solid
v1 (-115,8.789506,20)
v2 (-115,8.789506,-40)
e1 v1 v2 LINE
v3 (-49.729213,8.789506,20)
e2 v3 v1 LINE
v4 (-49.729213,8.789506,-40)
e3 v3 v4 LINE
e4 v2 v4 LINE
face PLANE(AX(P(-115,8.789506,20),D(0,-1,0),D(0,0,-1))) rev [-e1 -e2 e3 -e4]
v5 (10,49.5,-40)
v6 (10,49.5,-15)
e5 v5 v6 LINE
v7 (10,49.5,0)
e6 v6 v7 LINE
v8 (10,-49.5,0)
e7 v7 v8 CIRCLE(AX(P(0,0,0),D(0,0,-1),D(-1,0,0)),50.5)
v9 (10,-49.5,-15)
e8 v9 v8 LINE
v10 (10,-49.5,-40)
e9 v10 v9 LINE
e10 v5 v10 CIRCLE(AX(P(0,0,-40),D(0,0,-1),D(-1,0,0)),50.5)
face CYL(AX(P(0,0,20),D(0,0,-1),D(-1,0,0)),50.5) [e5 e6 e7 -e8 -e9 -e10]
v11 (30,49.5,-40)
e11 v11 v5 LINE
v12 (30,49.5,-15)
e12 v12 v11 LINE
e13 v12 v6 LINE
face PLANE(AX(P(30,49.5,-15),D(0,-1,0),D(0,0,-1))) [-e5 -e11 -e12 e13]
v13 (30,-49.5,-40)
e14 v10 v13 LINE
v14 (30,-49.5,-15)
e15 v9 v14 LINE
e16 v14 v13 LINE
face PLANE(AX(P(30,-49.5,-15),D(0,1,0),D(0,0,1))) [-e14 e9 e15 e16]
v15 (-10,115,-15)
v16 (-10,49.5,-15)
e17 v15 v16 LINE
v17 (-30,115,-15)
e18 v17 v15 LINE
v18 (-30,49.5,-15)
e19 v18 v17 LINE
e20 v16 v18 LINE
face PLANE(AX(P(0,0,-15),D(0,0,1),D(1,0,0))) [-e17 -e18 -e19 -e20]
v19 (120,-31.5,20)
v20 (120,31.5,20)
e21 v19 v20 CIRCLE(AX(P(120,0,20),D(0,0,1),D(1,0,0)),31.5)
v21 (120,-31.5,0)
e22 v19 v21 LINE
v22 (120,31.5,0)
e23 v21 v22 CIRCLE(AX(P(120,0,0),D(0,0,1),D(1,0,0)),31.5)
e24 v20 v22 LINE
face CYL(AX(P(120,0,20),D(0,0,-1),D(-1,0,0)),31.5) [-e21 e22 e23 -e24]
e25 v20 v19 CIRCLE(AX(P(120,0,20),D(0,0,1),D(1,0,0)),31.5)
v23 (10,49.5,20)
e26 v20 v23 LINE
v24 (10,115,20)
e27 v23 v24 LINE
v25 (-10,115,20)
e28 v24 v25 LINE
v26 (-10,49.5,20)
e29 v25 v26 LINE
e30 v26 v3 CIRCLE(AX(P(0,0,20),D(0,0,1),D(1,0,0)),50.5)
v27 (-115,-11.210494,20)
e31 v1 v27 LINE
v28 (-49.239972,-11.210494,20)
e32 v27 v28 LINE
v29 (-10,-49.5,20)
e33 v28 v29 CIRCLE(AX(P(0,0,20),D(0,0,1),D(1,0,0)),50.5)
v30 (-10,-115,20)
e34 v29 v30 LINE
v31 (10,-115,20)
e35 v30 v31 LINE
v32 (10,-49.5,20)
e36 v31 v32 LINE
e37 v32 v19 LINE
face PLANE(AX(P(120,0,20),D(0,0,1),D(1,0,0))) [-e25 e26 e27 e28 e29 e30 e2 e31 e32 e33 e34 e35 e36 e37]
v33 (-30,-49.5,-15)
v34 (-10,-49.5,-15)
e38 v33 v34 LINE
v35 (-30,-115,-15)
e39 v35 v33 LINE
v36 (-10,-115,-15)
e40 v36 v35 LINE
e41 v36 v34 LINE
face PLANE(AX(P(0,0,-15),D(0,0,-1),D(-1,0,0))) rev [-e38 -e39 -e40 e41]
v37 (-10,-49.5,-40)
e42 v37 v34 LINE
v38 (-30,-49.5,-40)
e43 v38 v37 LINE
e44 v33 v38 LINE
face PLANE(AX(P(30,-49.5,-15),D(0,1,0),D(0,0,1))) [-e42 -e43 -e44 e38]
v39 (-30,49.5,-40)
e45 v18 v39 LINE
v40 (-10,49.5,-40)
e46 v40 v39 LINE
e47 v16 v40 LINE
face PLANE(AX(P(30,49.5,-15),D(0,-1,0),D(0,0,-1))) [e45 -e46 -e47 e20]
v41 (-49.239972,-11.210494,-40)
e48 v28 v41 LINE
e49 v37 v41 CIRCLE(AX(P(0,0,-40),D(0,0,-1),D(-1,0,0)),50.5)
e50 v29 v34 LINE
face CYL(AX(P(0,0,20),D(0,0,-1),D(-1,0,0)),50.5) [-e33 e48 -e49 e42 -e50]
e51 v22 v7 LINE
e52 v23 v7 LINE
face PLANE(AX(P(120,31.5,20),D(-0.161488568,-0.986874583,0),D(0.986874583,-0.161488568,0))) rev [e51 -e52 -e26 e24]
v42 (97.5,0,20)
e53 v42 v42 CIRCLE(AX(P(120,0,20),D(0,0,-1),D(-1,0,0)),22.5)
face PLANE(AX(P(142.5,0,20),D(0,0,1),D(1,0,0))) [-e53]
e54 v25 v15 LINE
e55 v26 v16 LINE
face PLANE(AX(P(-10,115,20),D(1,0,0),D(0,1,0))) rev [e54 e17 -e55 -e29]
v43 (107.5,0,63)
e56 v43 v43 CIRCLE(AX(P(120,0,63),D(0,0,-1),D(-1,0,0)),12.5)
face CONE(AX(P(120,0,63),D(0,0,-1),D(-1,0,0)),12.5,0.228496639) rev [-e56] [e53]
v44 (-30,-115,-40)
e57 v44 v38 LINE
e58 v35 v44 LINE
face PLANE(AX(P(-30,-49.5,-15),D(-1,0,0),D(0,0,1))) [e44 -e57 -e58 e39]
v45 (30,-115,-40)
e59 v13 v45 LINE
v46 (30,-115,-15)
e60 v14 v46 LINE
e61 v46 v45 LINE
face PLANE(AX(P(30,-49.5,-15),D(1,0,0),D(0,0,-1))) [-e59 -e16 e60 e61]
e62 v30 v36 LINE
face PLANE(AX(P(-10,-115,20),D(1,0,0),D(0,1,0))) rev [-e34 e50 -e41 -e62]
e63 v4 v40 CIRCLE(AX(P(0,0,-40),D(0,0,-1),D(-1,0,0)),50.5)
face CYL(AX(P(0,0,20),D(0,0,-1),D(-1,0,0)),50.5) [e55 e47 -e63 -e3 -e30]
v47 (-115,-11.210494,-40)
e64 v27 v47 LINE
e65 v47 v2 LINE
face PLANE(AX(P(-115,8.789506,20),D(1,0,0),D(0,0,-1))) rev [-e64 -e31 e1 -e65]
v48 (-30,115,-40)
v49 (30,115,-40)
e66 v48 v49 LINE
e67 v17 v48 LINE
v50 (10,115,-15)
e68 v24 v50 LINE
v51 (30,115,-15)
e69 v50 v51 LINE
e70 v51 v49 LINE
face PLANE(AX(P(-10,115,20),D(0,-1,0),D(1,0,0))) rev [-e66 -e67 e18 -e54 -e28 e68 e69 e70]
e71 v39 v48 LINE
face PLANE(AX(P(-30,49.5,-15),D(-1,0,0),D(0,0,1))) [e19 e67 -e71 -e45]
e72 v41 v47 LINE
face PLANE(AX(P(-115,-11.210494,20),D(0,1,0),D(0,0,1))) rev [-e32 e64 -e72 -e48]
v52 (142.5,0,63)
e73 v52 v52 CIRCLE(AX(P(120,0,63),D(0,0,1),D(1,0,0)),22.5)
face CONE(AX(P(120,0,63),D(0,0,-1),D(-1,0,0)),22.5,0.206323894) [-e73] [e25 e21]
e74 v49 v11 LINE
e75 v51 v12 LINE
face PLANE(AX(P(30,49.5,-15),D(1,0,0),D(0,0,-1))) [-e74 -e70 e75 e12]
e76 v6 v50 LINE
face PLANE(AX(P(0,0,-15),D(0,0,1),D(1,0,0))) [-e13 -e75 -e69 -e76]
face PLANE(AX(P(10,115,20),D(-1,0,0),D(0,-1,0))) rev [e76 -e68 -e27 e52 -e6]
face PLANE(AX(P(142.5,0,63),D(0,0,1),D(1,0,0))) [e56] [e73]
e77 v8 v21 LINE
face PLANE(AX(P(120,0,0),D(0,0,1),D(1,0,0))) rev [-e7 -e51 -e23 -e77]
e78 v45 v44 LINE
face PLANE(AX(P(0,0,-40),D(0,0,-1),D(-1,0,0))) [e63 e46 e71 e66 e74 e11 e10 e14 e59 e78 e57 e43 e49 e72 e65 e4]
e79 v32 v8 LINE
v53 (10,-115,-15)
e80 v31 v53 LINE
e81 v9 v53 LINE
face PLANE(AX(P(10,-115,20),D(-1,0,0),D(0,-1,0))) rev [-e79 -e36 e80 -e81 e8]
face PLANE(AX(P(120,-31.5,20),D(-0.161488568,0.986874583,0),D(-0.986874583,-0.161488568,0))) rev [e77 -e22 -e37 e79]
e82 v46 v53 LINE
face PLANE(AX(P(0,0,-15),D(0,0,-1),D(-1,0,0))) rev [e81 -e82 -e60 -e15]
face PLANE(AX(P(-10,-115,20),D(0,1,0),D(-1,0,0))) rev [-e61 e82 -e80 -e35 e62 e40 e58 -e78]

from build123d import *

# Parameters (mm, degrees)
RESSALTO_EXTRUS_O4_DEPTH = 20
RESSALTO_EXTRUS_O5_START = 40
ESBO_O6_R                = 50.5
RESSALTO_EXTRUS_O5_DEPTH = 40
RESSALTO_EXTRUS_O6_START = 40
RESSALTO_EXTRUS_O6_DEPTH = 40
RESSALTO_EXTRUS_O7_START = 40
RESSALTO_EXTRUS_O7_DEPTH = 40
RESSALTO_EXTRUS_O8_START = 40
RESSALTO_EXTRUS_O8_DEPTH = 40
ESBO_O12_W               = 60
ESBO_O12_H               = 65.5
RESSALTO_EXTRUS_O9_DEPTH = 25


with BuildPart() as part:
    # Esboço2 → Ressalto-extrusão4 (new body)
    with BuildSketch(Plane.XY):
        with BuildLine():
            Line((-10, 115), (-10, 49.5))
            ThreePointArc((-10, 49.5), (-36.141814954, 35.270656526), (-49.729212576, 8.789506048))
            Line((-49.729212576, 8.789506048), (-115, 8.789506048))
            Line((-115, 8.789506048), (-115, -11.210493952))
            Line((-115, -11.210493952), (-49.239971825, -11.210493952))
            ThreePointArc((-49.239971825, -11.210493952), (-35.268472235, -36.143946467), (-10, -49.5))
            Line((-10, -49.5), (-10, -115))
            Line((-10, -115), (10, -115))
            Line((10, -115), (10, -49.5))
            Line((10, -49.5), (120, -31.5))
            ThreePointArc((120, -31.5), (151.5, 0), (120, 31.5))
            Line((120, 31.5), (10, 49.5))
            Line((10, 49.5), (10, 115))
            Line((10, 115), (-10, 115))
        make_face()
    extrude(amount=RESSALTO_EXTRUS_O4_DEPTH)

    # Esboço3 → Revolução2 (revolve)
    with BuildSketch(Plane(origin=(0, 0, 0), x_dir=(1, 0, 0), z_dir=(0, 1, 0)), mode=Mode.PRIVATE) as revolu_o2_sk:
        Polygon((120, -63), (120, -20), (151.5, -20), (142.5, -63), align=None)
    revolve(revolu_o2_sk.sketch.rotate(Axis((120, 0, 63), (0, 0, -1)), 90), axis=Axis((120, 0, 63), (0, 0, -1)))

    # Esboço5 → Corte-Revolução1 (revolve, cut)
    with BuildSketch(Plane(origin=(0, 0, 0), x_dir=(1, 0, 0), z_dir=(0, 1, 0)), mode=Mode.PRIVATE) as corte_revolu_o1_sk:
        Polygon((120, -20), (120, -63), (132.5, -63), (142.5, -20), align=None)
    revolve(corte_revolu_o1_sk.sketch.rotate(Axis((120, 0, 20), (0, 0, 1)), 180), axis=Axis((120, 0, 20), (0, 0, 1)), mode=Mode.SUBTRACT)

    # Esboço6 → Ressalto-extrusão5 (add)
    with BuildSketch(Plane(origin=(0, 0, 0), x_dir=(-1, 0, 0), z_dir=(0, 0, -1)).offset(RESSALTO_EXTRUS_O5_START)):
        Circle(ESBO_O6_R)
    extrude(amount=-RESSALTO_EXTRUS_O5_DEPTH)

    # Esboço7 → Ressalto-extrusão6 (add)
    with BuildSketch(Plane(origin=(0, 0, 0), x_dir=(-1, 0, 0), z_dir=(0, 0, -1)).offset(RESSALTO_EXTRUS_O6_START)):
        with BuildLine():
            Line((-10, -49.5), (-10, -115))
            Line((-10, -115), (10, -115))
            Line((10, -115), (10, -49.5))
            ThreePointArc((10, -49.5), (0, -50.5), (-10, -49.5))
        make_face()
    extrude(amount=-RESSALTO_EXTRUS_O6_DEPTH)

    # Esboço8 → Ressalto-extrusão7 (add)
    with BuildSketch(Plane(origin=(0, 0, 0), x_dir=(-1, 0, 0), z_dir=(0, 0, -1)).offset(RESSALTO_EXTRUS_O7_START)):
        with BuildLine():
            Line((10, 49.5), (10, 115))
            Line((10, 115), (-10, 115))
            Line((-10, 115), (-10, 49.5))
            ThreePointArc((-10, 49.5), (0, 50.5), (10, 49.5))
        make_face()
    extrude(amount=-RESSALTO_EXTRUS_O7_DEPTH)

    # Esboço10 → Ressalto-extrusão8 (add)
    with BuildSketch(Plane(origin=(0, 0, 0), x_dir=(-1, 0, 0), z_dir=(0, 0, -1)).offset(RESSALTO_EXTRUS_O8_START)):
        with BuildLine():
            Line((49.239971825, -11.210493952), (115, -11.210493952))
            Line((115, -11.210493952), (115, 8.789506048))
            Line((115, 8.789506048), (49.729212576, 8.789506048))
            ThreePointArc((49.729212576, 8.789506048), (50.484897398, -1.234963456), (49.239971825, -11.210493952))
        make_face()
    extrude(amount=-RESSALTO_EXTRUS_O8_DEPTH)

    # Esboço12 → Ressalto-extrusão9 (add)
    with BuildSketch(Plane(origin=(0, 0, -40), x_dir=(-1, 0, 0), z_dir=(0, 0, -1))):
        with Locations((0, 82.25)):
            Rectangle(ESBO_O12_W, ESBO_O12_H)
        with Locations((0, -82.25)):
            Rectangle(ESBO_O12_W, ESBO_O12_H)
    extrude(amount=-RESSALTO_EXTRUS_O9_DEPTH)


solid = part.part
